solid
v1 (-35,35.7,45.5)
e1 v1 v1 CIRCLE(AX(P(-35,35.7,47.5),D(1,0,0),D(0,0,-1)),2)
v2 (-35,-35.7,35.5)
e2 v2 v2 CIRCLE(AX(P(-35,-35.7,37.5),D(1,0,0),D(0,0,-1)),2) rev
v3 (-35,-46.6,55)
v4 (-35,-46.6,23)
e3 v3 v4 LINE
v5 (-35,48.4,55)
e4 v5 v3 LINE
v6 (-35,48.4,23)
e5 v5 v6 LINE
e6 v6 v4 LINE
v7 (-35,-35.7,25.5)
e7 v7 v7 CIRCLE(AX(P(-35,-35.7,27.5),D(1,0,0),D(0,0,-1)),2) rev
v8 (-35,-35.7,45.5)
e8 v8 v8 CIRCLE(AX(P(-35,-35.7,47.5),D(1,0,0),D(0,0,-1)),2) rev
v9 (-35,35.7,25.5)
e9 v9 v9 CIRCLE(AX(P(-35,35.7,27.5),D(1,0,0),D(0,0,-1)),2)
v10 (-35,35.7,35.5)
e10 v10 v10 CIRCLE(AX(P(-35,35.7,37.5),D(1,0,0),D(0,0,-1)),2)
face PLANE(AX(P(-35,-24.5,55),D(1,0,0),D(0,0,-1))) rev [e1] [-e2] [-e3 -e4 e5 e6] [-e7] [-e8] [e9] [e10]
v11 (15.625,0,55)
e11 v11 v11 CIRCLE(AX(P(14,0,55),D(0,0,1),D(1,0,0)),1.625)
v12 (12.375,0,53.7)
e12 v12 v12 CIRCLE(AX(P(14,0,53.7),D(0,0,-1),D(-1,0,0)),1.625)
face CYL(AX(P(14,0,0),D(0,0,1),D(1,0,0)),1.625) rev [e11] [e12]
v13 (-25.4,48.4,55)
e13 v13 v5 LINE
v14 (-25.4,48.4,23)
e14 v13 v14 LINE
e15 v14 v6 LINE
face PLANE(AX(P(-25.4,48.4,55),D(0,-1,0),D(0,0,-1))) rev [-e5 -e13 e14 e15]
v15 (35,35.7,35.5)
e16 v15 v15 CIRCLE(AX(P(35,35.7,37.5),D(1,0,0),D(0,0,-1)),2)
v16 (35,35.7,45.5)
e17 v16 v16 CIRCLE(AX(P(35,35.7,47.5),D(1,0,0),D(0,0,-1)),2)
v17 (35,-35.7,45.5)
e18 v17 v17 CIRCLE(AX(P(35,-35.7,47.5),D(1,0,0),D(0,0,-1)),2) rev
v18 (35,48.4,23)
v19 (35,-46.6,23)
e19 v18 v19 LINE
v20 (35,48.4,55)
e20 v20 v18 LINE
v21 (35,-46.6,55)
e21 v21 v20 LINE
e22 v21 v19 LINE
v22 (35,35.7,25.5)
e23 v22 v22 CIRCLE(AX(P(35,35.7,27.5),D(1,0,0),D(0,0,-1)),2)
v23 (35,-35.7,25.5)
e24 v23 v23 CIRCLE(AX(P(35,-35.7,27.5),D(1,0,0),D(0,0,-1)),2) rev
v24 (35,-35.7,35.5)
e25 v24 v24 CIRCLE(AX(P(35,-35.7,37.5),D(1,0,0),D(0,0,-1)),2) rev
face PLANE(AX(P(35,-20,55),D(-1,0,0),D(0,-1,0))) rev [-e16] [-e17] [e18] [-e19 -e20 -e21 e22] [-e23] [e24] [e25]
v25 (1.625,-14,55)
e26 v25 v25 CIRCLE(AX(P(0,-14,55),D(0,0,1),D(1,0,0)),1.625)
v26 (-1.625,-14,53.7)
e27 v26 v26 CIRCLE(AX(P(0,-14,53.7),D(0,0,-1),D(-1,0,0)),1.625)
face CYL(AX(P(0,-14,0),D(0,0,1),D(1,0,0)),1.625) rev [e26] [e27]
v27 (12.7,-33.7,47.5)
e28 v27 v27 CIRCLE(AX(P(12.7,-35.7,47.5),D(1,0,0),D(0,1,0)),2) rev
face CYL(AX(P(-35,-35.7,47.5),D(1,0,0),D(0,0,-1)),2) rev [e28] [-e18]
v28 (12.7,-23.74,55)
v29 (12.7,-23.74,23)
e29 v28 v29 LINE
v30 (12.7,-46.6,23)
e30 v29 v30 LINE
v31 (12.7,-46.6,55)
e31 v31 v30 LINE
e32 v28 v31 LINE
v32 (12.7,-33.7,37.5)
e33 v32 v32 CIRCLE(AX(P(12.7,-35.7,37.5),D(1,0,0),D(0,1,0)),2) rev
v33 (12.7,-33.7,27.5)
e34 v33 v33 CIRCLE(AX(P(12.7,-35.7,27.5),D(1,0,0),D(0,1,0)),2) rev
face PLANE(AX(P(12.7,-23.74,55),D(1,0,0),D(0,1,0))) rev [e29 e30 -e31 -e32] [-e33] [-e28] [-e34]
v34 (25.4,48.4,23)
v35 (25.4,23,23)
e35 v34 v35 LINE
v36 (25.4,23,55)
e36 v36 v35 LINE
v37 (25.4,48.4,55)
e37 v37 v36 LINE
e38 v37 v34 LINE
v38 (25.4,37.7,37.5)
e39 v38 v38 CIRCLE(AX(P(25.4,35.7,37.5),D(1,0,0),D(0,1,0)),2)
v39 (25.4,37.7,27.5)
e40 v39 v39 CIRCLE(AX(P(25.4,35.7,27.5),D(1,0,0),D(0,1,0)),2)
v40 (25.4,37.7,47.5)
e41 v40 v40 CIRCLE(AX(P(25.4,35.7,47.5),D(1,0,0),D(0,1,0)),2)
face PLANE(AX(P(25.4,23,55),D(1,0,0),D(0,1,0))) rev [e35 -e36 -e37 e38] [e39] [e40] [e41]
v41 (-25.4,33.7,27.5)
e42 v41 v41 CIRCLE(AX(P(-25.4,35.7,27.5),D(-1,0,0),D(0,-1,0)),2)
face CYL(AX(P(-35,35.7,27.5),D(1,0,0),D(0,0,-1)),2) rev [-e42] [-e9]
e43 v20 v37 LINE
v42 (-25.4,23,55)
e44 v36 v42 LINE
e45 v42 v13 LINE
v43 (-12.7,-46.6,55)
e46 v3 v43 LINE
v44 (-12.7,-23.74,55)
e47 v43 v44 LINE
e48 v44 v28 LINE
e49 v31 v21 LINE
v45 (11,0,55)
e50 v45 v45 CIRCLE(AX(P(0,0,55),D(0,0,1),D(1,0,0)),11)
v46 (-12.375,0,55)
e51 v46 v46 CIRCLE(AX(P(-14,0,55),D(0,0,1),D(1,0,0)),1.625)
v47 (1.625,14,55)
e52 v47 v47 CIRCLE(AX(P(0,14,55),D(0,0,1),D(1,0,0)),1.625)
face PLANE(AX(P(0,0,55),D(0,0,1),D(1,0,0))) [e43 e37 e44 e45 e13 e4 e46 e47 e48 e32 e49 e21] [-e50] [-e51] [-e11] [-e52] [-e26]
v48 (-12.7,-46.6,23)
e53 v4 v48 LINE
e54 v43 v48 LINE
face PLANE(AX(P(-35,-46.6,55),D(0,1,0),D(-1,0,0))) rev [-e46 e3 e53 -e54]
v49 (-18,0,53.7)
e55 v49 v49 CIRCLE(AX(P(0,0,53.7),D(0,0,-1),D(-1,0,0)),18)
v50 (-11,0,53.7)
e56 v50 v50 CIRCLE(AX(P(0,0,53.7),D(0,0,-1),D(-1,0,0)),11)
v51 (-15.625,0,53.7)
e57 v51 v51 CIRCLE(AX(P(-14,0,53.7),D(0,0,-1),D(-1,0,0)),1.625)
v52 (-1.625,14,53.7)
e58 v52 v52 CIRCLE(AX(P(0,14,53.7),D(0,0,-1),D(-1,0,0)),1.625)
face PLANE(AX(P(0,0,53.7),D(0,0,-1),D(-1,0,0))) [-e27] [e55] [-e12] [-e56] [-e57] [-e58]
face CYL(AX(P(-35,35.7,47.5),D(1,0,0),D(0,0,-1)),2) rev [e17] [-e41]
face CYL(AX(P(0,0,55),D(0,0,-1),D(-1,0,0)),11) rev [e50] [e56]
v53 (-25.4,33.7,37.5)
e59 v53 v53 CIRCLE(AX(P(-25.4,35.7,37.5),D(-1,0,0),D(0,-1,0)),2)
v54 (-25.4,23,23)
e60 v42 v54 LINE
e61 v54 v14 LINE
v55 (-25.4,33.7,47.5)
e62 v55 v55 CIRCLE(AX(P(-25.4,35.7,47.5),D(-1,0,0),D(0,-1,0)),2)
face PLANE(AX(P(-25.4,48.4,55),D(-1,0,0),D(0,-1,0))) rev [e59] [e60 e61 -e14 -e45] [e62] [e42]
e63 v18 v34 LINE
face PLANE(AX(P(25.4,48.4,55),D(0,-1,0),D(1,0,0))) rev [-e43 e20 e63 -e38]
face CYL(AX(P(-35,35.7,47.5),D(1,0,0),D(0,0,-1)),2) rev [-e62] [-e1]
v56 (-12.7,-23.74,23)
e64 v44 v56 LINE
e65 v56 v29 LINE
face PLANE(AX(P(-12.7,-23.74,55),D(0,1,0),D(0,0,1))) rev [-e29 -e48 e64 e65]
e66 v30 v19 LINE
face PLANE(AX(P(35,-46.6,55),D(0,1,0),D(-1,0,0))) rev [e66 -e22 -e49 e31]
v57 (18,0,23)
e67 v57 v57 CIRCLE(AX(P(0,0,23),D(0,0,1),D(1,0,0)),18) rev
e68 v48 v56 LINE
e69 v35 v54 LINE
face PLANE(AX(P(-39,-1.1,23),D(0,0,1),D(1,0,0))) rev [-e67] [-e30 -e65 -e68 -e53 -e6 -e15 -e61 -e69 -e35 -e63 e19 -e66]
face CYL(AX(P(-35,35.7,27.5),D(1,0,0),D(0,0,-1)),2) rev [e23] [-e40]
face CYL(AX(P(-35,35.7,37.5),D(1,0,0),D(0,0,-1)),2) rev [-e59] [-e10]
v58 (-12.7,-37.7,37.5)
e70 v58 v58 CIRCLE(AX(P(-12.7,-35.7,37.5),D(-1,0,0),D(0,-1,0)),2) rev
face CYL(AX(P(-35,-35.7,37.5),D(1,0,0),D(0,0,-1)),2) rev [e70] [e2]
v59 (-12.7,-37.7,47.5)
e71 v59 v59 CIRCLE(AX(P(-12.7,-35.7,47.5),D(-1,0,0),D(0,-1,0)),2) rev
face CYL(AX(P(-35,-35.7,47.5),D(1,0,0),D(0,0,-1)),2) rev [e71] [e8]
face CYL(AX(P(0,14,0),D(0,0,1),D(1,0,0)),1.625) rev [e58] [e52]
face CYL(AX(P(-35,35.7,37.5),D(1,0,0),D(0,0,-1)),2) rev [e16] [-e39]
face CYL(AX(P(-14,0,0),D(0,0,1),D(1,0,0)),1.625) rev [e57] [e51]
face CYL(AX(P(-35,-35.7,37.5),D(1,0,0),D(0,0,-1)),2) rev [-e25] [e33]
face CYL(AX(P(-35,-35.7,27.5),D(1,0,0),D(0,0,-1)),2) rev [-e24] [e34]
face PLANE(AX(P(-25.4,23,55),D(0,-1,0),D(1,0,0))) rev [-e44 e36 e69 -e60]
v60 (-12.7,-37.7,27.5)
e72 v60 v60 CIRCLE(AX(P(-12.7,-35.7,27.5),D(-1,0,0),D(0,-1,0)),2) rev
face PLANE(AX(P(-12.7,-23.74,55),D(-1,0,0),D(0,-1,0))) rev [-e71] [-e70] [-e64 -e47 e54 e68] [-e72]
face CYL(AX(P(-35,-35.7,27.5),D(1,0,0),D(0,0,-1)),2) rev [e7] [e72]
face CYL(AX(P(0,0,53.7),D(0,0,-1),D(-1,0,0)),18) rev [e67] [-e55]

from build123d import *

# Parameters (mm, degrees)
SKETCH1_R               = 11
BOSS_EXTRUDE1_DEPTH     = 55
SKETCH2_R               = 18
CUT_EXTRUDE1_DEPTH      = 53.7
SKETCH4_R               = 1.625
CUT_EXTRUDE2_DEPTH      = 56
SKETCH5_R               = 2
CUT_EXTRUDE3_DEPTH      = 36
CUT_EXTRUDE3_DEPTH_BACK = 36
CUT_EXTRUDE4_DEPTH      = 74


with BuildPart() as part:
    # Sketch1 → Boss-Extrude1 (new body)
    with BuildSketch(Plane.XY):
        Polygon((-12.7, -23.74), (12.7, -23.74), (12.7, -46.6), (35, -46.6), (35, -20), (35, 48.4), (25.4, 48.4), (25.4, 23), (-25.4, 23), (-25.4, 48.4), (-35, 48.4), (-35, -24.5), (-35, -46.6), (-12.7, -46.6), align=None)
        Circle(SKETCH1_R, mode=Mode.SUBTRACT)
    extrude(amount=BOSS_EXTRUDE1_DEPTH)

    # Sketch2 → Cut-Extrude1 (cut)
    with BuildSketch(Plane(origin=(0, 0, 0), x_dir=(-1, 0, 0), z_dir=(0, 0, -1))):
        Circle(SKETCH2_R)
    extrude(amount=-CUT_EXTRUDE1_DEPTH, mode=Mode.SUBTRACT)

    # Sketch4 → Cut-Extrude2 (cut, through all)
    with BuildSketch(Plane.XY.offset(55)):
        with Locations((0, 14)):
            Circle(SKETCH4_R)
        with Locations((14, 0)):
            Circle(SKETCH4_R)
        with Locations((0, -14)):
            Circle(SKETCH4_R)
        with Locations((-14, 0)):
            Circle(SKETCH4_R)
    extrude(amount=-CUT_EXTRUDE2_DEPTH, mode=Mode.SUBTRACT)

    # Sketch5 → Cut-Extrude3 (cut, two sides)
    with BuildSketch(Plane(origin=(0, 0, 0), x_dir=(0, 0, -1), z_dir=(1, 0, 0))) as cut_extrude3_sk:
        with Locations((-27.5, -35.7)):
            Circle(SKETCH5_R)
        with Locations((-17.5, -35.7)):
            Circle(SKETCH5_R)
        with Locations((-7.5, -35.7)):
            Circle(SKETCH5_R)
        with Locations((-37.5, -35.7)):
            Circle(SKETCH5_R)
        with Locations((-47.5, -35.7)):
            Circle(SKETCH5_R)
        with Locations((-27.5, 35.7)):
            Circle(SKETCH5_R)
        with Locations((-37.5, 35.7)):
            Circle(SKETCH5_R)
        with Locations((-47.5, 35.7)):
            Circle(SKETCH5_R)
        with Locations((-17.5, 35.7)):
            Circle(SKETCH5_R)
        with Locations((-7.5, 35.7)):
            Circle(SKETCH5_R)
    extrude(amount=CUT_EXTRUDE3_DEPTH, mode=Mode.SUBTRACT)
    extrude(cut_extrude3_sk.sketch, amount=-CUT_EXTRUDE3_DEPTH_BACK, mode=Mode.SUBTRACT)

    # Sketch6 → Cut-Extrude4 (cut)
    with BuildSketch(Plane(origin=(35, 0, 0), x_dir=(0, 0, -1), z_dir=(1, 0, 0))):
        Polygon((-23, -1.1), (-23, 51.285793323), (26.639959918, 51.285793323), (26.639959918, -56.994126514), (-23, -56.994126514), align=None)
    extrude(amount=-CUT_EXTRUDE4_DEPTH, mode=Mode.SUBTRACT)


solid = part.part
